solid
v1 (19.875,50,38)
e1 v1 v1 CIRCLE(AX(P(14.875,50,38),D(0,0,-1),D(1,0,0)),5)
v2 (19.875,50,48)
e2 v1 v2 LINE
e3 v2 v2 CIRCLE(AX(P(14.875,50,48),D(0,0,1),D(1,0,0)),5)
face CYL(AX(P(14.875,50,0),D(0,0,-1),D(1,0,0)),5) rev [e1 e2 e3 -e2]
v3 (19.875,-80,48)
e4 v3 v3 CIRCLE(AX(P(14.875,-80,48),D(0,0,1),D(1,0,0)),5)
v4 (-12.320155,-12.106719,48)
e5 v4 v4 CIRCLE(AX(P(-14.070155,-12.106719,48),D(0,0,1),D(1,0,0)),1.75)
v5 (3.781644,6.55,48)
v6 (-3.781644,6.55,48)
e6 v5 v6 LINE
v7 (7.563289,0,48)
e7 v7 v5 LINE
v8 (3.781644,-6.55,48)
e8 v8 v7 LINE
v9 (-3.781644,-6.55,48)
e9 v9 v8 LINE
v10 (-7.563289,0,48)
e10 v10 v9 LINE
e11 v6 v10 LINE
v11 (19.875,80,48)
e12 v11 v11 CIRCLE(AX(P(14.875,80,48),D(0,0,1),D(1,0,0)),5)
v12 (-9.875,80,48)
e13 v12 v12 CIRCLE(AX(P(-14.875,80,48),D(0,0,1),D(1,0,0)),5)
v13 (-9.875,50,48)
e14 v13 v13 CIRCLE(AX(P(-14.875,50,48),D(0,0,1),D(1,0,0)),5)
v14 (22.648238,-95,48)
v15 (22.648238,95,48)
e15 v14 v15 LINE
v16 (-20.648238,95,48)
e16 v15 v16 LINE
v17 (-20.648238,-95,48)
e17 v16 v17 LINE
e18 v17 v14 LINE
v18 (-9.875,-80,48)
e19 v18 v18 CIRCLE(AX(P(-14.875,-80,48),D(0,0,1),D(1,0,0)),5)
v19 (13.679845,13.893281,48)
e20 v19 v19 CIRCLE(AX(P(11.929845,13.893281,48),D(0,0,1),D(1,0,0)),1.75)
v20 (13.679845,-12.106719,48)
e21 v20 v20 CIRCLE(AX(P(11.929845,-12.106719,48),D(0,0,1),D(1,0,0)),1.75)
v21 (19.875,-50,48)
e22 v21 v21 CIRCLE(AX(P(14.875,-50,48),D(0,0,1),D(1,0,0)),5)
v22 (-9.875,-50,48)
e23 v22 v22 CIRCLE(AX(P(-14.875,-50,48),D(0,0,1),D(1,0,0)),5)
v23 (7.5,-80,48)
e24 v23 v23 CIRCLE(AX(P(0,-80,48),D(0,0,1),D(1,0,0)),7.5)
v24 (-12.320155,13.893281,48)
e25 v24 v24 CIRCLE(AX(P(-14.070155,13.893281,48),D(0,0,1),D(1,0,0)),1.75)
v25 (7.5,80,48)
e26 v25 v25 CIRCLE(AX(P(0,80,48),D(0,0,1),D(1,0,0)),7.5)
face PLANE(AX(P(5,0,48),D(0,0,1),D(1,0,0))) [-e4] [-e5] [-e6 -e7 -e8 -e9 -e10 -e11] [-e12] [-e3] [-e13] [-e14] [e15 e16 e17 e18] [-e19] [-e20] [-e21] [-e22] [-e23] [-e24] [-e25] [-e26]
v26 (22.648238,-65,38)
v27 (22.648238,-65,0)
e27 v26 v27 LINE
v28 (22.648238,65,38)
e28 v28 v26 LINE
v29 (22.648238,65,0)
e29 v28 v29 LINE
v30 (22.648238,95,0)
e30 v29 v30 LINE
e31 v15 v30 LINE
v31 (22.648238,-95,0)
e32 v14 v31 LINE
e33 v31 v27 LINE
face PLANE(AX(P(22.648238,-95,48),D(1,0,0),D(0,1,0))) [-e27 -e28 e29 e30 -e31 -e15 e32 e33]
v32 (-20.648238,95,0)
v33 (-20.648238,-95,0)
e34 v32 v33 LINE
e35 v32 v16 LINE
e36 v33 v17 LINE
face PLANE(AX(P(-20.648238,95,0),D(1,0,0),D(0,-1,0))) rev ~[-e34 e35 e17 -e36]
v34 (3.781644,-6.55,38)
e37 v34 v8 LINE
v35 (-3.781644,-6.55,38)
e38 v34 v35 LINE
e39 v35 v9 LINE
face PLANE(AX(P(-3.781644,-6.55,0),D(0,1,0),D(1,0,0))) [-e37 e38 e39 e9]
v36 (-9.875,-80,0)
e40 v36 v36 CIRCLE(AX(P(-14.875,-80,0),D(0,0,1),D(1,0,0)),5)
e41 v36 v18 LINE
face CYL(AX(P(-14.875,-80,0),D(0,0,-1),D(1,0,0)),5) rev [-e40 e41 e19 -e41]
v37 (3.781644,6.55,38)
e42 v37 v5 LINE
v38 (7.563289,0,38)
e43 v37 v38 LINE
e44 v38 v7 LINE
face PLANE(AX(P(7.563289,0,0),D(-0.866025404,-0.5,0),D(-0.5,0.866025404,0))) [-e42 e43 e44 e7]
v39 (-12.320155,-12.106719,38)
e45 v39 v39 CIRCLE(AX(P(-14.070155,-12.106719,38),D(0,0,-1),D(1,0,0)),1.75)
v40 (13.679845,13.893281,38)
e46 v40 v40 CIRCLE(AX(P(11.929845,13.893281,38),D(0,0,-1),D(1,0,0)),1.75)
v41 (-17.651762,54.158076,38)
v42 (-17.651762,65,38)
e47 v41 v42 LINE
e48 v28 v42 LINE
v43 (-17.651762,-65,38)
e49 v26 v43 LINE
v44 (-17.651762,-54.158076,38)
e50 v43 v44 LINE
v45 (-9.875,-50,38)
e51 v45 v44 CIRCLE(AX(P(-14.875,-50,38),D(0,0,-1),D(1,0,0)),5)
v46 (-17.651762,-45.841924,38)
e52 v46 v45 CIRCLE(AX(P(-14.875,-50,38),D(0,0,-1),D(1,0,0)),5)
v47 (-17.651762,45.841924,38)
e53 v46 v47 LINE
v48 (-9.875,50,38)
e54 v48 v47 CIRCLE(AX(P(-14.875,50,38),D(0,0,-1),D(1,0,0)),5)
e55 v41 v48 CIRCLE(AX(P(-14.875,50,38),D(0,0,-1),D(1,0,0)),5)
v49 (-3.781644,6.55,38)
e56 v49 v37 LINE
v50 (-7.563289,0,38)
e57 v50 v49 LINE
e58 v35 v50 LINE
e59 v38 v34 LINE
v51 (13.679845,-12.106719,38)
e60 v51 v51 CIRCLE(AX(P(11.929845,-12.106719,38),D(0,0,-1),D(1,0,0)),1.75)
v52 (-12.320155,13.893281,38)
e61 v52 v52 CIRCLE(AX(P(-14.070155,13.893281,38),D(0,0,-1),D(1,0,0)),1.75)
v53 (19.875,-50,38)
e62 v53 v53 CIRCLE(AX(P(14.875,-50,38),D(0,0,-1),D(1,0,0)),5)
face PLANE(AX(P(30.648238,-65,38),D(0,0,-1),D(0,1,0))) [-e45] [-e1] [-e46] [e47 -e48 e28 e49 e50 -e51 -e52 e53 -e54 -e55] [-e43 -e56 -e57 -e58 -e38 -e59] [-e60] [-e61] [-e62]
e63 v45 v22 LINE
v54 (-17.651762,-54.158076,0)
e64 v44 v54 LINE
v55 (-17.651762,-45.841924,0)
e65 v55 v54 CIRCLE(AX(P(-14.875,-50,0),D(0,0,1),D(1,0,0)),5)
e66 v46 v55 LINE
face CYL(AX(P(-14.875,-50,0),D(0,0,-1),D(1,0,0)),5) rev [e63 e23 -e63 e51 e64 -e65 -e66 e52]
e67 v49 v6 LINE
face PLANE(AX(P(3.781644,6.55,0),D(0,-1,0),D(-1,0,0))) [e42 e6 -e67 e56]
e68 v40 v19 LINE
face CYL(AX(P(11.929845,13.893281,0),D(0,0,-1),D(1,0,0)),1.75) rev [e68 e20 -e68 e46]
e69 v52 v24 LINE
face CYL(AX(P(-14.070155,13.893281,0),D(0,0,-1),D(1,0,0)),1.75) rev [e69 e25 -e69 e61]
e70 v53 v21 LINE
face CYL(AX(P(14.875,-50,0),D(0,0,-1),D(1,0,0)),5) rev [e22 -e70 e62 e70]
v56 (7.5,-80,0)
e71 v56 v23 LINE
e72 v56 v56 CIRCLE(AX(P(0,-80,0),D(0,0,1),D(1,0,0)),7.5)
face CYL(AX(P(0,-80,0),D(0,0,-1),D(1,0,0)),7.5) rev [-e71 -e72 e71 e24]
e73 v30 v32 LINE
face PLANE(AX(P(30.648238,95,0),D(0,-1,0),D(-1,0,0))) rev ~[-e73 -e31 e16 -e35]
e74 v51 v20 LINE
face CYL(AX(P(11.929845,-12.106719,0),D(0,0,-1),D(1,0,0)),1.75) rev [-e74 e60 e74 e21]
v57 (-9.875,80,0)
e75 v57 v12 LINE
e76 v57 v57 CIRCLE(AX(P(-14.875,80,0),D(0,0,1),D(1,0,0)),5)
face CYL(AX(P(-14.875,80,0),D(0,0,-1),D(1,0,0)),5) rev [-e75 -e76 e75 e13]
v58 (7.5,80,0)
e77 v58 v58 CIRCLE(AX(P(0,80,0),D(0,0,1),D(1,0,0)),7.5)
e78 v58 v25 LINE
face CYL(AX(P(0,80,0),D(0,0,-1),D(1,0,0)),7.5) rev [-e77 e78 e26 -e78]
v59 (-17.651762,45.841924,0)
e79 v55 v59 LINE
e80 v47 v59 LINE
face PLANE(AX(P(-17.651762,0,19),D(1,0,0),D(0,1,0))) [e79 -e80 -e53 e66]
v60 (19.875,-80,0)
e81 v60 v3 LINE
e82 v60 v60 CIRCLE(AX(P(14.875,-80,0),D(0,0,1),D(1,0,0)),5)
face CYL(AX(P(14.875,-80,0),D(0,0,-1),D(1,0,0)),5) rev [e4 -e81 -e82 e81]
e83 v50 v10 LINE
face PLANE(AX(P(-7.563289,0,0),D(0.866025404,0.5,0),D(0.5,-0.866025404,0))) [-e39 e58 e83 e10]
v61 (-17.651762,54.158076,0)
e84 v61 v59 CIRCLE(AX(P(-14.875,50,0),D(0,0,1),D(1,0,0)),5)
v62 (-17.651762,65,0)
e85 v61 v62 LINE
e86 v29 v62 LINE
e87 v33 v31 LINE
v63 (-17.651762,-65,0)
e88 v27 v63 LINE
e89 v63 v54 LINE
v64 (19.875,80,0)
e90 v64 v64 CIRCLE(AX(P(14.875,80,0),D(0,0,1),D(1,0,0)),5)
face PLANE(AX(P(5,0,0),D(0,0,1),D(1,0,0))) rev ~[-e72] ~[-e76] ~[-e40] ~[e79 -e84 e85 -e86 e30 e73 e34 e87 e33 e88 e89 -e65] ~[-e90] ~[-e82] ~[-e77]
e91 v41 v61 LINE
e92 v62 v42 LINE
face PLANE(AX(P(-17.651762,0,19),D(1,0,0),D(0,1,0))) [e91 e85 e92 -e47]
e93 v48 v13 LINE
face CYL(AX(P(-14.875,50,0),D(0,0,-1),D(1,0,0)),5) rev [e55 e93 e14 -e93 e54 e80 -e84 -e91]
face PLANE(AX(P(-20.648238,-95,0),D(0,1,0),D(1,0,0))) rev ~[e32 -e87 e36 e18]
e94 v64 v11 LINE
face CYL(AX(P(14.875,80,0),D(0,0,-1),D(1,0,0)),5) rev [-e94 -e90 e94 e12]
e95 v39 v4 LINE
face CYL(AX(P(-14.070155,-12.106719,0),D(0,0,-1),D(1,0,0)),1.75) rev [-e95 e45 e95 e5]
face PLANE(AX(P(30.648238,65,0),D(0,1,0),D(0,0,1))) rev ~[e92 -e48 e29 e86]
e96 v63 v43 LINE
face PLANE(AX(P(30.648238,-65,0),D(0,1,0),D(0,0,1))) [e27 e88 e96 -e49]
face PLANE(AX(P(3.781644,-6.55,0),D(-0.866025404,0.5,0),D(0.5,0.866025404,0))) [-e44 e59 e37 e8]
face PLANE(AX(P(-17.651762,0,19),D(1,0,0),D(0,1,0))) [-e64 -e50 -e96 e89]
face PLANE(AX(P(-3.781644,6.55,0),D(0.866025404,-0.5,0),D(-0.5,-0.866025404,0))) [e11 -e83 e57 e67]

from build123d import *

# Parameters (mm, degrees)
F0_R     = 5
F0_R_2   = 7.5
F0_R_3   = 1.75
F2_DEPTH = 48
F3_DEPTH = 48
F4_W     = 130
F4_H     = 38
F5_DEPTH = 48.3
F6_W     = 8
F6_H     = 190
F7_DEPTH = 50


with BuildPart() as f2:
    # F0 (on Top) → F2 (new body)
    with BuildSketch(Plane.XY):
        Polygon((-20.6482383256, 95), (-20.6482383256, 17.5979303911), (-20.6482383256, 0), (-20.6482383256, -17.5979303911), (-20.6482383256, -95), (30.6482383256, -95), (30.6482383256, 0), (30.6482383256, 95), align=None)
        with Locations((-14.875, -80)):
            Circle(F0_R, mode=Mode.SUBTRACT)
        with Locations((-14.875, -50)):
            Circle(F0_R, mode=Mode.SUBTRACT)
        with Locations((0, -80)):
            Circle(F0_R_2, mode=Mode.SUBTRACT)
        with Locations((-14.0701553242, -12.1067194764)):
            Circle(F0_R_3, mode=Mode.SUBTRACT)
        with Locations((14.875, -80)):
            Circle(F0_R, mode=Mode.SUBTRACT)
        with Locations((14.875, -50)):
            Circle(F0_R, mode=Mode.SUBTRACT)
        with Locations((11.9298446758, -12.1067194764)):
            Circle(F0_R_3, mode=Mode.SUBTRACT)
        with Locations((-14.0701553242, 13.8932805236)):
            Circle(F0_R_3, mode=Mode.SUBTRACT)
        with Locations((-14.875, 50)):
            Circle(F0_R, mode=Mode.SUBTRACT)
        with Locations((-14.875, 80)):
            Circle(F0_R, mode=Mode.SUBTRACT)
        with Locations((0, 80)):
            Circle(F0_R_2, mode=Mode.SUBTRACT)
        with Locations((11.9298446758, 13.8932805236)):
            Circle(F0_R_3, mode=Mode.SUBTRACT)
        with Locations((14.875, 50)):
            Circle(F0_R, mode=Mode.SUBTRACT)
        with Locations((14.875, 80)):
            Circle(F0_R, mode=Mode.SUBTRACT)
    extrude(amount=F2_DEPTH)

    # F1 (on face) → F3 (cut)
    with BuildSketch(Plane.XY):
        Polygon((3.7816442632, 6.55), (-3.7816442632, 6.55), (-7.5632885264, 0), (-3.7816442632, -6.55), (3.7816442632, -6.55), (7.5632885264, 0), align=None)
    extrude(amount=F3_DEPTH, mode=Mode.SUBTRACT)

    # F4 (on face) → F5 (cut)
    with BuildSketch(Plane.YZ.offset(30.6482383256)):
        with Locations((0, 19)):
            Rectangle(F4_W, F4_H)
    extrude(amount=-F5_DEPTH, mode=Mode.SUBTRACT)

    # F6 (on face) → F7 (cut)
    with BuildSketch(Plane.XY.offset(48)):
        with Locations((26.6482383256, 0)):
            Rectangle(F6_W, F6_H)
    extrude(amount=-F7_DEPTH, mode=Mode.SUBTRACT)


solid = f2.part
